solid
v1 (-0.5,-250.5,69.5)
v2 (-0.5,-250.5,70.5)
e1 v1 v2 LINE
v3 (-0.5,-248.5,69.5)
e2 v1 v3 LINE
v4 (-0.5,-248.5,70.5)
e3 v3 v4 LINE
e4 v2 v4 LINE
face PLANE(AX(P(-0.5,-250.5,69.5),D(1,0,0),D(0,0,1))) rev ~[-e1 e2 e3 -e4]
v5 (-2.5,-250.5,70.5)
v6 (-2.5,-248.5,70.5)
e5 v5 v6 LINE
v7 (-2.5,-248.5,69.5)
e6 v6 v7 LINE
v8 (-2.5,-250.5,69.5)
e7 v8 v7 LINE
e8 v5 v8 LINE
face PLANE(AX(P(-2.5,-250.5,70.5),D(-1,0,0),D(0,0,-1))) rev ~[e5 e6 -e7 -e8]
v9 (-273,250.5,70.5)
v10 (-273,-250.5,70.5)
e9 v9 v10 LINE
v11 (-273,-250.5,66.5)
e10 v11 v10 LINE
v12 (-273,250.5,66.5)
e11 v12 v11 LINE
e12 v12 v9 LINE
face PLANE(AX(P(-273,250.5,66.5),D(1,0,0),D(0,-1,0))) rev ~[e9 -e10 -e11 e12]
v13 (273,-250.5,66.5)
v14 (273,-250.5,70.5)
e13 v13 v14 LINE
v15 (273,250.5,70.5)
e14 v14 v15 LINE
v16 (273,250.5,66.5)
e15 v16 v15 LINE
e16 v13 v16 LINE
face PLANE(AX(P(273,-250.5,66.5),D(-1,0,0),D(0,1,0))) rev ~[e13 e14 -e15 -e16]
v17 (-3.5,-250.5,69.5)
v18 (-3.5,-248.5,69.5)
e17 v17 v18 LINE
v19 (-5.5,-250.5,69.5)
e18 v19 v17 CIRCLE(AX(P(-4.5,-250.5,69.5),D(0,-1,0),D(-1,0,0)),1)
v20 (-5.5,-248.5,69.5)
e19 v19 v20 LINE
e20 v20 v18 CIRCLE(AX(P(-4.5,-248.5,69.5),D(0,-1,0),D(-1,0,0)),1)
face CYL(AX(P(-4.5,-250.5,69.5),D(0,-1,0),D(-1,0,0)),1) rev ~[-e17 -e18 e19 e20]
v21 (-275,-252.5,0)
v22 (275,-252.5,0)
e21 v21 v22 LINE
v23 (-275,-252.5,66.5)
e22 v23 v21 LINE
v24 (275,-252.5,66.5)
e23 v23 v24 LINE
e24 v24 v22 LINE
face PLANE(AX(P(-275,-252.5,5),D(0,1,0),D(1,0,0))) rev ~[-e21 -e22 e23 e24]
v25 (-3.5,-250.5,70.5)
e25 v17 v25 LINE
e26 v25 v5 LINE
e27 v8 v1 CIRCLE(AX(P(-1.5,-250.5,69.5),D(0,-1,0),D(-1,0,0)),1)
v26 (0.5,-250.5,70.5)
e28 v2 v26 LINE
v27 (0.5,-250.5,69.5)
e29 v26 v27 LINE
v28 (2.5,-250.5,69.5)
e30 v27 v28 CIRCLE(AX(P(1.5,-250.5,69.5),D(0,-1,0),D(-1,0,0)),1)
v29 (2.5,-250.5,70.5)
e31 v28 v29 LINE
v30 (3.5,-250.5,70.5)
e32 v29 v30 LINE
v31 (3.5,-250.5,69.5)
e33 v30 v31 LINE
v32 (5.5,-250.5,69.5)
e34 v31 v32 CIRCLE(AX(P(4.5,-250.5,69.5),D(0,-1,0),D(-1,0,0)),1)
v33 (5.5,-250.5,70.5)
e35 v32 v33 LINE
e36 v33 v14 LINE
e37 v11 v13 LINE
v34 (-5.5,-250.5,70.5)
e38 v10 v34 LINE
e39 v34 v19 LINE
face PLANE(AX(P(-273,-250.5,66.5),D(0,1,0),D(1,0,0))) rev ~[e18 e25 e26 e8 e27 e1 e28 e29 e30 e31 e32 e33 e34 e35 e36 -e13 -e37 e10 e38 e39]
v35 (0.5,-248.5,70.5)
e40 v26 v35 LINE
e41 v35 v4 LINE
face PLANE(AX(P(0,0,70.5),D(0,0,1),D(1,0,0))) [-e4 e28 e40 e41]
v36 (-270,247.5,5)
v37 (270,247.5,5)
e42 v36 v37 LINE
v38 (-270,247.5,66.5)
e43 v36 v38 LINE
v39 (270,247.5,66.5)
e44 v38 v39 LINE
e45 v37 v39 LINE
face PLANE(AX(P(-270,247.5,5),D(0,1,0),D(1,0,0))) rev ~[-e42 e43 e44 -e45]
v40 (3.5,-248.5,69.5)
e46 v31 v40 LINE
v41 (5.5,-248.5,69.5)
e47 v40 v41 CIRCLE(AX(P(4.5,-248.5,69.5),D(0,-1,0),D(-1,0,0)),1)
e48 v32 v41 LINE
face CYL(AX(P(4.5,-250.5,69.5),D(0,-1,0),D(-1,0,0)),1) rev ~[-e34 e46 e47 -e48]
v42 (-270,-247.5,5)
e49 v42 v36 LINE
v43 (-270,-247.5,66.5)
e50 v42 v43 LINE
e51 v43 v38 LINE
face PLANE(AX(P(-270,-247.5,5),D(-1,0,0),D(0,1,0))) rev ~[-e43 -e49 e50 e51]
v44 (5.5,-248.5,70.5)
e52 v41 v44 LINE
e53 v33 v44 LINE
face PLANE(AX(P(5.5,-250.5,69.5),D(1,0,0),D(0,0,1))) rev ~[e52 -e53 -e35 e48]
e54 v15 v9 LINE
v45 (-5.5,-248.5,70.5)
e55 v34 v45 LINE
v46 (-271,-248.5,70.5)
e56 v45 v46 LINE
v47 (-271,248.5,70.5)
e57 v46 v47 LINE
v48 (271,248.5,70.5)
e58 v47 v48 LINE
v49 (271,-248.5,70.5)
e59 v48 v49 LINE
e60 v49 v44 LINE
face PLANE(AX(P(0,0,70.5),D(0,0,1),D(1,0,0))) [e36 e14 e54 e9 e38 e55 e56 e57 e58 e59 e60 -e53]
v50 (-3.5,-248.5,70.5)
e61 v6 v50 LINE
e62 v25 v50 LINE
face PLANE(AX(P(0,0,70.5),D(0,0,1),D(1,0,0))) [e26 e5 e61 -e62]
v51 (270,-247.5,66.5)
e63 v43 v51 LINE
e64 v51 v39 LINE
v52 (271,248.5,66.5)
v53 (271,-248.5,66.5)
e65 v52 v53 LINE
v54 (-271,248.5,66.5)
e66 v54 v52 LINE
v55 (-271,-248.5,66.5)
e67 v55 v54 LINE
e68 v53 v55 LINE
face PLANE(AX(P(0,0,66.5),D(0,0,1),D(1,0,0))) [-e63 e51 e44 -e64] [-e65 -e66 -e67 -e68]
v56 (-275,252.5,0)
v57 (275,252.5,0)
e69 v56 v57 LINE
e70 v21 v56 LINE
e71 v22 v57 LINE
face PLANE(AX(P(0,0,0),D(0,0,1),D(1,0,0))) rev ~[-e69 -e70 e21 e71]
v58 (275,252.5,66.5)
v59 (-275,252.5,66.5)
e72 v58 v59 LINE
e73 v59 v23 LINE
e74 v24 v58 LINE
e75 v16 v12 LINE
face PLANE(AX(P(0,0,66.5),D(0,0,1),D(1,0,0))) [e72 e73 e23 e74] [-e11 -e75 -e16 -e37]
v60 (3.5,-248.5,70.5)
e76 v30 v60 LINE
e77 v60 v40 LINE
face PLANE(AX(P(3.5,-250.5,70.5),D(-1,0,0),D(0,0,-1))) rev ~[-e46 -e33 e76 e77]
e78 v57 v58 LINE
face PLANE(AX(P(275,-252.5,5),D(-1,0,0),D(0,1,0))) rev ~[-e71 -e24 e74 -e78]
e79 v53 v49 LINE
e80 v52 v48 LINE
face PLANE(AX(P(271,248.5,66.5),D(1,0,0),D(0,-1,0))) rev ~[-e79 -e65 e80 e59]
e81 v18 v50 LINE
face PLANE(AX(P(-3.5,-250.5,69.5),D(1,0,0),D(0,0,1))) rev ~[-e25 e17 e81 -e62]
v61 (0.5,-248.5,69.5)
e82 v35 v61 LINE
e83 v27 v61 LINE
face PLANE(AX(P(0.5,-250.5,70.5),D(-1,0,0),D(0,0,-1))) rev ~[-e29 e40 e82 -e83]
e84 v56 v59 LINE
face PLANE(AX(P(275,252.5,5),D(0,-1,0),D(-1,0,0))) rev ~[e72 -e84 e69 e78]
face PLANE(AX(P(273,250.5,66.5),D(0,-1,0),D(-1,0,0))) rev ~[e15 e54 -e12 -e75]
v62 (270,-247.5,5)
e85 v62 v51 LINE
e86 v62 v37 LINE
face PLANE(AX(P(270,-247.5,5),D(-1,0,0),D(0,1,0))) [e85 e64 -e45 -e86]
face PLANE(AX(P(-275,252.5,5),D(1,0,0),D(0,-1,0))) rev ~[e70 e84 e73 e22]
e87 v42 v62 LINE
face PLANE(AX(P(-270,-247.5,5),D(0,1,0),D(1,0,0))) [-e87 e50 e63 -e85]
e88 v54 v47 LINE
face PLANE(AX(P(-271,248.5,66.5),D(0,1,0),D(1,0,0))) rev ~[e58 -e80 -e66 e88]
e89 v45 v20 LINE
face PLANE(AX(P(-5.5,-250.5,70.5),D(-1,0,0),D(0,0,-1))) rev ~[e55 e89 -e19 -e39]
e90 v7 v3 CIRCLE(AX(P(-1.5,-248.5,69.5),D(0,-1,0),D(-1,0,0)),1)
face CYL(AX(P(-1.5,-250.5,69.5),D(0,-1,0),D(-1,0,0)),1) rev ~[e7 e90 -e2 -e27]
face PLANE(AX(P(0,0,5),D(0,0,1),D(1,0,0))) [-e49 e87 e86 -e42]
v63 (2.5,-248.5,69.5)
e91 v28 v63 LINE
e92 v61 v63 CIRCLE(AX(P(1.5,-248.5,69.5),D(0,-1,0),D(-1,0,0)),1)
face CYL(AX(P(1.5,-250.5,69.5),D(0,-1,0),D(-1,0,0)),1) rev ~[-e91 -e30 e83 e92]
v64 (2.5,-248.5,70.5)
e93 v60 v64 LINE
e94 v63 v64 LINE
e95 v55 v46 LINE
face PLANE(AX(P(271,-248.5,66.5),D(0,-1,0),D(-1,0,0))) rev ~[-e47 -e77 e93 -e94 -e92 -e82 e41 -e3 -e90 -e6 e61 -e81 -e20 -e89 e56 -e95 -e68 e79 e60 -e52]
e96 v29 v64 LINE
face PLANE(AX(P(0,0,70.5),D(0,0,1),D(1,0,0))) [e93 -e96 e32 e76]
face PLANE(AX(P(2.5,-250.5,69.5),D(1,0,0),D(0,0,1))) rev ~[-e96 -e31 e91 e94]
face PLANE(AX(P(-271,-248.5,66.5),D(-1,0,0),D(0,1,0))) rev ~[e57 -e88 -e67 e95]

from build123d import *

# Parameters (mm, degrees)
F0_W     = 550
F0_H     = 505
F1_DEPTH = 5
F2_W     = 540
F2_H     = 495
F3_DEPTH = 61.5
F5_DEPTH = 4
F7_DEPTH = 25.4


with BuildPart() as f1:
    # F0 (on Top) → F1 (new body)
    with BuildSketch(Plane.XY):
        Rectangle(F0_W, F0_H)
    extrude(amount=F1_DEPTH)

    # F2 (on face) → F3 (join)
    with BuildSketch(Plane.XY.offset(5)):
        Polygon((-270, -252.5), (275, -252.5), (275, 247.5), (275, 252.5), (270, 252.5), (-275, 252.5), (-275, -247.5), (-275, -252.5), align=None)
        Rectangle(F2_W, F2_H, mode=Mode.SUBTRACT)
    extrude(amount=F3_DEPTH)

    # F4 (on face) → F5 (join)
    with BuildSketch(Plane.XY.offset(66.5)):
        Polygon((273, 250.5), (271, 250.5), (-273, 250.5), (-273, -248.5), (-273, -250.5), (273, -250.5), (273, 248.5), align=None)
        Polygon((-271, -248.5), (-271, -247.5), (-271, 248.5), (270, 248.5), (271, 248.5), (271, 247.5), (271, -248.5), (-270, -248.5), align=None, mode=Mode.SUBTRACT)
    extrude(amount=F5_DEPTH)

    # F6 (on face) → F7 (cut)
    with BuildSketch(Plane.XZ.offset(250.5)):
        with BuildLine():
            Line((4.5, 70.5), (3.5, 70.5))
            Line((3.5, 70.5), (3.5, 69.5))
            ThreePointArc((3.5, 69.5), (4.5, 68.5), (5.5, 69.5))
            Line((5.5, 69.5), (5.5, 70.5))
            Line((5.5, 70.5), (4.5, 70.5))
        make_face()
        with BuildLine():
            Line((1.5, 70.5), (0.5, 70.5))
            Line((0.5, 70.5), (0.5, 69.5))
            ThreePointArc((0.5, 69.5), (1.5, 68.5), (2.5, 69.5))
            Line((2.5, 69.5), (2.5, 70.5))
            Line((2.5, 70.5), (1.5, 70.5))
        make_face()
        with BuildLine():
            Line((-3.5, 69.5), (-3.5, 70.5))
            Line((-3.5, 70.5), (-4.5, 70.5))
            Line((-4.5, 70.5), (-5.5, 70.5))
            Line((-5.5, 70.5), (-5.5, 69.5))
            ThreePointArc((-5.5, 69.5), (-4.5, 68.5), (-3.5, 69.5))
        make_face()
        with BuildLine():
            Line((-0.5, 69.5), (-0.5, 70.5))
            Line((-0.5, 70.5), (-1.5, 70.5))
            Line((-1.5, 70.5), (-2.5, 70.5))
            Line((-2.5, 70.5), (-2.5, 69.5))
            ThreePointArc((-2.5, 69.5), (-1.5, 68.5), (-0.5, 69.5))
        make_face()
    extrude(amount=-F7_DEPTH, mode=Mode.SUBTRACT)


solid = f1.part
